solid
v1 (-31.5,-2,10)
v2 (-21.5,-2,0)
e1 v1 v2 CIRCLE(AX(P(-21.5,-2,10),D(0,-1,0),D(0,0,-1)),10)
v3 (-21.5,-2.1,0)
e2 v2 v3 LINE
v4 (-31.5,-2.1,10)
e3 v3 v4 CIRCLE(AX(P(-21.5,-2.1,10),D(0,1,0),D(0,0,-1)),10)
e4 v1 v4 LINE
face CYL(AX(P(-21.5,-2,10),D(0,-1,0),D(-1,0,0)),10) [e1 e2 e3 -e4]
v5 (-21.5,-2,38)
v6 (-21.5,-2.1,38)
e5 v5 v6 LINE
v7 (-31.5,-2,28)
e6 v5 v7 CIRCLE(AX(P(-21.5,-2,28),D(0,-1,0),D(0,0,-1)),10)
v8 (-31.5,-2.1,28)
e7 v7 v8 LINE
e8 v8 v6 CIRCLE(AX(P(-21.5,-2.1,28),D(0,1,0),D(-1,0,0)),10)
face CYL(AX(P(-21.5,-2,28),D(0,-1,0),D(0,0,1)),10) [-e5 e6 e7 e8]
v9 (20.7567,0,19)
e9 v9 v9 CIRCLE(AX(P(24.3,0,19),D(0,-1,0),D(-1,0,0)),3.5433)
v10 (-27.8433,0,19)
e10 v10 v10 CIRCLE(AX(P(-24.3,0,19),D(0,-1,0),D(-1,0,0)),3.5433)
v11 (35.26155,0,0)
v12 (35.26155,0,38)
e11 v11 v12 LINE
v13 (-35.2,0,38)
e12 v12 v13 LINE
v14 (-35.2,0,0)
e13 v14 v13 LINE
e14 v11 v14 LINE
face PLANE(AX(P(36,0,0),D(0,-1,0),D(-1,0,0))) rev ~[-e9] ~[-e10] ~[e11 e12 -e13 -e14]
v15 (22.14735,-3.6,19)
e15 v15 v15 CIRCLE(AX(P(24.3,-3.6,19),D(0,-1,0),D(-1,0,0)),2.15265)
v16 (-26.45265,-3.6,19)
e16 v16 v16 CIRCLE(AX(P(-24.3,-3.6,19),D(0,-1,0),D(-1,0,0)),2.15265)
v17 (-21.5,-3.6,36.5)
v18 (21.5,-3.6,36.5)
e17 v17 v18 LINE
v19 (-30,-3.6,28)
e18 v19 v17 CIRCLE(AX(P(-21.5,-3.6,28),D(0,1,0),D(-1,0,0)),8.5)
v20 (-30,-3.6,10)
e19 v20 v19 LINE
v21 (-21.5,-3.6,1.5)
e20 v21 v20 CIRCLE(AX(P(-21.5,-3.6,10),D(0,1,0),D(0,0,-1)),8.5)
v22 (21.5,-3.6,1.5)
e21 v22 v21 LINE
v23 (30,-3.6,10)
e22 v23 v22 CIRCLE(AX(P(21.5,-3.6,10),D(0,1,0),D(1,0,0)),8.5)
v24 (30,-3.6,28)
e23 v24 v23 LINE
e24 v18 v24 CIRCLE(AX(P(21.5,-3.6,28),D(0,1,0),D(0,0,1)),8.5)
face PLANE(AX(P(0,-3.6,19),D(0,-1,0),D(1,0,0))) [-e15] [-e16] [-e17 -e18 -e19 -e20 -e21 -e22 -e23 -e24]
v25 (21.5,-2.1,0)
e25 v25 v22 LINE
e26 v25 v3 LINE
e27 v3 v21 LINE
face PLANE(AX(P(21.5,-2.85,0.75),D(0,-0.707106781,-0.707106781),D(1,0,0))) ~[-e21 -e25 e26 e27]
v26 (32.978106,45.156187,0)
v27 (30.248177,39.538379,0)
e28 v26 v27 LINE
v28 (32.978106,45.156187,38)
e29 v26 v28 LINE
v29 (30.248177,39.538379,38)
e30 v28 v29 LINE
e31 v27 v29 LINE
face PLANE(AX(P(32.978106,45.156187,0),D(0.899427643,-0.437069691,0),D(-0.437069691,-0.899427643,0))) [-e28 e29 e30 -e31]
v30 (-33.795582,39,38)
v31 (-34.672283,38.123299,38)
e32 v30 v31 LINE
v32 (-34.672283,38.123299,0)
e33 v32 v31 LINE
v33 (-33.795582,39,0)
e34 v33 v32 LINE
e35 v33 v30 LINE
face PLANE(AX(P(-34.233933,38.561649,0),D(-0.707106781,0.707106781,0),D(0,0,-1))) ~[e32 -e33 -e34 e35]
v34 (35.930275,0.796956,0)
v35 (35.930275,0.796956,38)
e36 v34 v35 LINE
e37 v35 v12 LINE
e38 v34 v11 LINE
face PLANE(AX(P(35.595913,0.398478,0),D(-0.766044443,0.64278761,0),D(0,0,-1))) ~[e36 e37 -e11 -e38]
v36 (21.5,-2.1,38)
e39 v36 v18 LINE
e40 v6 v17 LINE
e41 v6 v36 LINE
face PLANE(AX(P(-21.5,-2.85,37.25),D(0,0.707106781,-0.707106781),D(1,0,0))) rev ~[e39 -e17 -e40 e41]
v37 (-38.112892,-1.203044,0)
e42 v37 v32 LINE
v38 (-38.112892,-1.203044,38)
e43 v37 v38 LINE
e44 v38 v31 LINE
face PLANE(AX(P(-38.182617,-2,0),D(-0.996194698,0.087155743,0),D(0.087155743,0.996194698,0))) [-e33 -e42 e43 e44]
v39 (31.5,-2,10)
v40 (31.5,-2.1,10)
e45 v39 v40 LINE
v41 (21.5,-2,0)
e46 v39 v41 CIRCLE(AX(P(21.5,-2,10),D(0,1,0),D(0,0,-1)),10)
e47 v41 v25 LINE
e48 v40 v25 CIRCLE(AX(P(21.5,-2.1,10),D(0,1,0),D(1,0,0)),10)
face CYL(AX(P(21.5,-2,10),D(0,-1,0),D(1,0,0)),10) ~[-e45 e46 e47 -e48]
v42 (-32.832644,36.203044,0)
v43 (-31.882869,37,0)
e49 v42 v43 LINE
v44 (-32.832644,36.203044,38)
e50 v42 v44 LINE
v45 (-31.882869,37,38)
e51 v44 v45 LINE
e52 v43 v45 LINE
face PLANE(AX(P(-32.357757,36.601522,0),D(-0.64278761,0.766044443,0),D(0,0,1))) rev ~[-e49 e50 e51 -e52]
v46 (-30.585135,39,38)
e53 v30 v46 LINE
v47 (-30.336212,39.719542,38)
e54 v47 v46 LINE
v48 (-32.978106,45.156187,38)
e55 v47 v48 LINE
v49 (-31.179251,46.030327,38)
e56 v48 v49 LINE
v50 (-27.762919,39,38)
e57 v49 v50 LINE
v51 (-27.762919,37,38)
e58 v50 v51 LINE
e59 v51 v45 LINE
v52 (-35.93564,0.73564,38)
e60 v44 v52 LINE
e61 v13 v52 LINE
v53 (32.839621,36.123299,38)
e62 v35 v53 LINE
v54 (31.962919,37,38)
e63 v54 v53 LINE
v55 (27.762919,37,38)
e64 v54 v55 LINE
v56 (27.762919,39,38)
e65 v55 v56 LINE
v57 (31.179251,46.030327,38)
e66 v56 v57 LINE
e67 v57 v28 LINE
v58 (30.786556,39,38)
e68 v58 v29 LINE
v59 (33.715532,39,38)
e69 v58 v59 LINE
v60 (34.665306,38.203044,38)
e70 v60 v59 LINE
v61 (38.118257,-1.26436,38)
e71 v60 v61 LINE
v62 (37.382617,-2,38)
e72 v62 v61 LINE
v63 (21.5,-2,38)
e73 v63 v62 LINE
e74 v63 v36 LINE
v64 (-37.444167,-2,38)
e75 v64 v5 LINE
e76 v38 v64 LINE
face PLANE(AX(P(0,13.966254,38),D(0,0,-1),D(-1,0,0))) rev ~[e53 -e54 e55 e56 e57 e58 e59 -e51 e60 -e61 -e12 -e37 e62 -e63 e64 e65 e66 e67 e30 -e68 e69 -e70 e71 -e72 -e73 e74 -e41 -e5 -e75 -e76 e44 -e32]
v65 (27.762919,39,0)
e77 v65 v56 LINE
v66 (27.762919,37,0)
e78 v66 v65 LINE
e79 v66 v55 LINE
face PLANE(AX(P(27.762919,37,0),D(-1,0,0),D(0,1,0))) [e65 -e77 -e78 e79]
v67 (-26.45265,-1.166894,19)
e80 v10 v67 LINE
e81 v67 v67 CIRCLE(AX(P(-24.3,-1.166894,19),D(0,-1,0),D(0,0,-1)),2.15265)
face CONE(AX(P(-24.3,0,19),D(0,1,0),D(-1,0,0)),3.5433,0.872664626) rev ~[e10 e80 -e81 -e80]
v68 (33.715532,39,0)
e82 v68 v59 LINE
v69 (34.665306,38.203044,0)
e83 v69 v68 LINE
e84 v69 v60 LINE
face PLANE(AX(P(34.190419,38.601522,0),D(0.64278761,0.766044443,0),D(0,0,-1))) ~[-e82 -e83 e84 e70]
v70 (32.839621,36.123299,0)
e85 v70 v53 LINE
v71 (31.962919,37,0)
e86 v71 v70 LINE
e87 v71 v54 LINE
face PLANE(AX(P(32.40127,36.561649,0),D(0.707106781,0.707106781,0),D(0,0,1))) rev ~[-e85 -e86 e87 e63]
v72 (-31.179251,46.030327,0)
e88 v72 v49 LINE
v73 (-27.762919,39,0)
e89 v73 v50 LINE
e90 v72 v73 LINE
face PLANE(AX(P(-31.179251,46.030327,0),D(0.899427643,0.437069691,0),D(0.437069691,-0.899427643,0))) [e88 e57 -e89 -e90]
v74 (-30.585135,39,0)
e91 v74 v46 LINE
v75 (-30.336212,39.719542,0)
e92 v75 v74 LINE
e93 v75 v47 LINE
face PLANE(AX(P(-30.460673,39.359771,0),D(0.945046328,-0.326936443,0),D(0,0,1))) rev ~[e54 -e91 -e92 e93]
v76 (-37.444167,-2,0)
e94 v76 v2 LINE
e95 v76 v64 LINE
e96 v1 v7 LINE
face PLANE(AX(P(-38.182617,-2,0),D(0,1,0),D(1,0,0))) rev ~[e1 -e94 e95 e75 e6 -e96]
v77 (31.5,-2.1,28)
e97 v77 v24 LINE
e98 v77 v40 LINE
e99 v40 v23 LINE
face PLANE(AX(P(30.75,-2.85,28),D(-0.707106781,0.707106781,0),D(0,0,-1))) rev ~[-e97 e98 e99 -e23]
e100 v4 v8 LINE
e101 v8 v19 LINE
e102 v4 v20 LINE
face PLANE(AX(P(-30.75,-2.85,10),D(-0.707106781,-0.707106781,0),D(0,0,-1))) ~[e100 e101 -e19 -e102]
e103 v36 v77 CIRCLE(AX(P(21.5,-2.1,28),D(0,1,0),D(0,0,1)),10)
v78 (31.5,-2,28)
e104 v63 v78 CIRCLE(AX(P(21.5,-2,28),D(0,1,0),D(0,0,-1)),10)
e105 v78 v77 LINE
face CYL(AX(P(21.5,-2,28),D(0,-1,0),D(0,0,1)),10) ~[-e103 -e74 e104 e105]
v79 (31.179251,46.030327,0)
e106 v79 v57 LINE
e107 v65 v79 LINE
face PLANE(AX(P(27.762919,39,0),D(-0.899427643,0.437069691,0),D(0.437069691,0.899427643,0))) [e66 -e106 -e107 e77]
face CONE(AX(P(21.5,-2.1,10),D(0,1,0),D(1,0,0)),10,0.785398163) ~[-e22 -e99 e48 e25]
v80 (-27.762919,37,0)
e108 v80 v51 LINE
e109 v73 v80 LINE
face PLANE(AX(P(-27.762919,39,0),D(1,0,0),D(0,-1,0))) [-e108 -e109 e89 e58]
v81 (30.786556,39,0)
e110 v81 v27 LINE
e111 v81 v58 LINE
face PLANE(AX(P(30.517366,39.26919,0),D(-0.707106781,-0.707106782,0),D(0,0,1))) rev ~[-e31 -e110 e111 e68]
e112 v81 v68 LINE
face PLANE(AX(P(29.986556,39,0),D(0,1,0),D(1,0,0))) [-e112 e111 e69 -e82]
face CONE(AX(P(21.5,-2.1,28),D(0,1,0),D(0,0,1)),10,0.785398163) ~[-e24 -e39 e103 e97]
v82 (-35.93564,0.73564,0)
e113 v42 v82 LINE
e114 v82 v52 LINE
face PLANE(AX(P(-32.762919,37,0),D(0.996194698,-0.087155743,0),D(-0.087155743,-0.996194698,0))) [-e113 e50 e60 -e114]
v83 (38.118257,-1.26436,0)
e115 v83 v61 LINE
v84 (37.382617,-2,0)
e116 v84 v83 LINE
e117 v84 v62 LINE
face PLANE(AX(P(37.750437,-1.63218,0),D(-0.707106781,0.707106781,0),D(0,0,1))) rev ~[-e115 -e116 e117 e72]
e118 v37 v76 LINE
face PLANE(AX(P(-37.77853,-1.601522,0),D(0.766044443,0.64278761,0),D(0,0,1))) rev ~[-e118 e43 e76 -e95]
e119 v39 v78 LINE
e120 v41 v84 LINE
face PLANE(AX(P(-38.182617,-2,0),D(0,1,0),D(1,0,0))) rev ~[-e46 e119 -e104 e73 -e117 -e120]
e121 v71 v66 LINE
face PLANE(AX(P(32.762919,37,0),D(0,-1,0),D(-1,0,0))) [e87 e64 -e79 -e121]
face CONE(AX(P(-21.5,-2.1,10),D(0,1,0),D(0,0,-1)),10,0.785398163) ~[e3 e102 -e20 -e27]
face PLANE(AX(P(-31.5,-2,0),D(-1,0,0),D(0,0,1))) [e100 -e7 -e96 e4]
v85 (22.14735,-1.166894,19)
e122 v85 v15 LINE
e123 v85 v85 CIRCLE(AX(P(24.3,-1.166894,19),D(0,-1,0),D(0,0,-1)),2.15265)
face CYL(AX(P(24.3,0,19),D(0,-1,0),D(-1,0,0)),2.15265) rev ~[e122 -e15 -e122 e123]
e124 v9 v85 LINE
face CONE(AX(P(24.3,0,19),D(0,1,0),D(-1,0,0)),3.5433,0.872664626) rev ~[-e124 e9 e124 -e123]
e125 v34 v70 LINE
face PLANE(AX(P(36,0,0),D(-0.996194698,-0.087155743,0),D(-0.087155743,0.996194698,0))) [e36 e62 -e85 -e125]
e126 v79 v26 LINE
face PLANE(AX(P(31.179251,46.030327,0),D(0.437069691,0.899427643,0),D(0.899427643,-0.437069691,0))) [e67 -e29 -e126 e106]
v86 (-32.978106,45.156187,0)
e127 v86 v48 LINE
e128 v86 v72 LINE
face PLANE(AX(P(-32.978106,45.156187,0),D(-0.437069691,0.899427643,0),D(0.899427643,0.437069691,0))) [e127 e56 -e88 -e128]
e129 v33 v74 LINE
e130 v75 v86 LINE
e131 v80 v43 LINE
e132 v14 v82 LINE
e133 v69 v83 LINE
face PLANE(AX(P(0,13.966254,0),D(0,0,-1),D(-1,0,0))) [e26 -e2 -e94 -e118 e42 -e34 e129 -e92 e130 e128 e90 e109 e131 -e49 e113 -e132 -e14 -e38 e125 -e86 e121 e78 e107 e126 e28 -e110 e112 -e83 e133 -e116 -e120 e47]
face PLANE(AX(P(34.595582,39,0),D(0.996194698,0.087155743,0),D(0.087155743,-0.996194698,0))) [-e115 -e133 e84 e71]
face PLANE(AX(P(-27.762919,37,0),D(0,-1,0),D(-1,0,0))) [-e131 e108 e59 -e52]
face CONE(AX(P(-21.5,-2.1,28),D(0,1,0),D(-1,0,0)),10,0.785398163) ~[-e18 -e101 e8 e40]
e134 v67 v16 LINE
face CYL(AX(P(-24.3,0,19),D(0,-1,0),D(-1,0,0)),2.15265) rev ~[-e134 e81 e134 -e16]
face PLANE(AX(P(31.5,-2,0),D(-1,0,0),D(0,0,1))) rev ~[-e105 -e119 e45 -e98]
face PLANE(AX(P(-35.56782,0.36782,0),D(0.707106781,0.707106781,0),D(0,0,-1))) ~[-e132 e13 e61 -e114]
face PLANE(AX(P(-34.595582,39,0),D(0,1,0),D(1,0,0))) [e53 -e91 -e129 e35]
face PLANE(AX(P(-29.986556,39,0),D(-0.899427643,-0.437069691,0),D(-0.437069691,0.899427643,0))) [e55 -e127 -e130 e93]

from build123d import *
from OCP.BRepFilletAPI import BRepFilletAPI_MakeChamfer

# Parameters (mm, degrees)
BOSS_EXTRUDE1_DEPTH                               = 38
SKETCH5_W                                         = 63
SKETCH5_H                                         = 38
BOSS_EXTRUDE2_DEPTH                               = 1.6
CHAMFER6_SIZE                                     = 0.8
CHAMFER6_SIZE2                                    = 0.738449877
CHAMFER7_SIZE                                     = 0.8
CHAMFER7_SIZE2                                    = 0.880050294
CHAMFER7_SIZE2_2                                  = 0.59857957
CSK_FOR_6_FLAT_HEAD_MACHINE_SCREW_100_D           = 4.3053
CSK_FOR_6_FLAT_HEAD_MACHINE_SCREW_100_DEPTH       = 3.6
CSK_FOR_6_FLAT_HEAD_MACHINE_SCREW_100_CSINK_D     = 7.0866
CSK_FOR_6_FLAT_HEAD_MACHINE_SCREW_100_CSINK_ANGLE = 100
FILLET1_R                                         = 10
CHAMFER10_SIZE                                    = 1.5


with BuildPart() as part:
    # Sketch1 → Boss-Extrude1 (new body)
    with BuildSketch(Plane.XY):
        Polygon((-34.595581798, 39), (-29.986555798, 39), (-32.97810591, 45.15618727), (-31.179250624, 46.030326652), (-27.76291945, 39), (-27.76291945, 37), (-32.76291945, 37), (-36, 0), (0, 0), (36, 0), (32.76291945, 37), (27.76291945, 37), (27.76291945, 39), (31.179250624, 46.030326652), (32.97810591, 45.15618727), (29.986555798, 39), (34.595581798, 39), (38.182617002, -2), (0, -2), (-38.182617002, -2), align=None)
    extrude(amount=BOSS_EXTRUDE1_DEPTH)

    # Sketch5 → Boss-Extrude2 (add)
    with BuildSketch(Plane.XZ.offset(2)):
        with Locations((0, 19)):
            Rectangle(SKETCH5_W, SKETCH5_H)
    extrude(amount=BOSS_EXTRUDE2_DEPTH)

    # Chamfer6: one chamfer whose edges measure the first distance from different faces: ONE call of the kernel's chamfer builder (chamfer() names one face for all edges)
    chamfer6_edges_1 = [part.edges().sort_by_distance(p)[0] for p in [
        (-36, 0, 19),
    ]]
    chamfer6_side_1 = [part.faces().sort_by_distance(p)[0] for p in [
        (0, 0, 19),
    ]]
    chamfer6_edges_2 = [part.edges().sort_by_distance(p)[0] for p in [
        (36, 0, 19),
    ]]
    chamfer6_side_2 = [part.faces().sort_by_distance(p)[0] for p in [
        (34.381459725, 18.5, 19),
    ]]
    chamfer6_edges_3 = [part.edges().sort_by_distance(p)[0] for p in [
        (38.182617002, -2, 19),
    ]]
    chamfer6_side_3 = [part.faces().sort_by_distance(p)[0] for p in [
        (34.841308501, -2, 19),
    ]]
    chamfer6_edges_4 = [part.edges().sort_by_distance(p)[0] for p in [
        (-38.182617002, -2, 19),
    ]]
    chamfer6_side_4 = [part.faces().sort_by_distance(p)[0] for p in [
        (-36.3890994, 18.5, 19),
    ]]
    chamfer6 = BRepFilletAPI_MakeChamfer(part.part.solid().wrapped)
    for e in chamfer6_edges_1:
        chamfer6.Add(CHAMFER6_SIZE, CHAMFER6_SIZE2, e.wrapped, chamfer6_side_1[0].wrapped)  # the first distance lies on this face
    for e in chamfer6_edges_2:
        chamfer6.Add(CHAMFER6_SIZE, CHAMFER6_SIZE2, e.wrapped, chamfer6_side_2[0].wrapped)  # the first distance lies on this face
    for e in chamfer6_edges_3:
        chamfer6.Add(CHAMFER6_SIZE, CHAMFER6_SIZE2, e.wrapped, chamfer6_side_3[0].wrapped)  # the first distance lies on this face
    for e in chamfer6_edges_4:
        chamfer6.Add(CHAMFER6_SIZE, CHAMFER6_SIZE2, e.wrapped, chamfer6_side_4[0].wrapped)  # the first distance lies on this face
    add(Compound.cast(chamfer6.Shape()), mode=Mode.REPLACE)

    # Chamfer7: one chamfer whose edges measure the first distance from different faces: ONE call of the kernel's chamfer builder (chamfer() names one face for all edges)
    chamfer7_edges_1 = [part.edges().sort_by_distance(p)[0] for p in [
        (-32.76291945, 37, 19),
    ]]
    chamfer7_side_1 = [part.faces().sort_by_distance(p)[0] for p in [
        (-34.349279651, 18.867819926, 19),
    ]]
    chamfer7_edges_2 = [part.edges().sort_by_distance(p)[0] for p in [
        (32.76291945, 37, 19),
    ]]
    chamfer7_side_2 = [part.faces().sort_by_distance(p)[0] for p in [
        (30.26291945, 37, 19),
    ]]
    chamfer7_edges_3 = [part.edges().sort_by_distance(p)[0] for p in [
        (29.986555798, 39, 19),
    ]]
    chamfer7_side_3 = [part.faces().sort_by_distance(p)[0] for p in [
        (32.291068798, 39, 19),
    ]]
    chamfer7_edges_4 = [part.edges().sort_by_distance(p)[0] for p in [
        (34.595581798, 39, 19),
    ]]
    chamfer7_side_4 = [part.faces().sort_by_distance(p)[0] for p in [
        (36.356919326, 18.867819926, 19),
    ]]
    chamfer7_edges_5 = [part.edges().sort_by_distance(p)[0] for p in [
        (-34.595581798, 39, 19),
    ]]
    chamfer7_side_5 = [part.faces().sort_by_distance(p)[0] for p in [
        (-32.291068798, 39, 19),
    ]]
    chamfer7_edges_6 = [part.edges().sort_by_distance(p)[0] for p in [
        (-29.986555798, 39, 19),
    ]]
    chamfer7_side_6 = [part.faces().sort_by_distance(p)[0] for p in [
        (-31.482330854, 42.078093635, 19),
    ]]
    chamfer7 = BRepFilletAPI_MakeChamfer(part.part.solid().wrapped)
    for e in chamfer7_edges_1:
        chamfer7.Add(CHAMFER7_SIZE, CHAMFER7_SIZE2, e.wrapped, chamfer7_side_1[0].wrapped)  # the first distance lies on this face
    for e in chamfer7_edges_2:
        chamfer7.Add(CHAMFER7_SIZE, CHAMFER7_SIZE2, e.wrapped, chamfer7_side_2[0].wrapped)  # the first distance lies on this face
    for e in chamfer7_edges_3:
        chamfer7.Add(CHAMFER7_SIZE, CHAMFER7_SIZE2_2, e.wrapped, chamfer7_side_3[0].wrapped)  # the first distance lies on this face
    for e in chamfer7_edges_4:
        chamfer7.Add(CHAMFER7_SIZE, CHAMFER7_SIZE2, e.wrapped, chamfer7_side_4[0].wrapped)  # the first distance lies on this face
    for e in chamfer7_edges_5:
        chamfer7.Add(CHAMFER7_SIZE, CHAMFER7_SIZE2, e.wrapped, chamfer7_side_5[0].wrapped)  # the first distance lies on this face
    for e in chamfer7_edges_6:
        chamfer7.Add(CHAMFER7_SIZE, CHAMFER7_SIZE2_2, e.wrapped, chamfer7_side_6[0].wrapped)  # the first distance lies on this face
    add(Compound.cast(chamfer7.Shape()), mode=Mode.REPLACE)

    # CSK for #6 Flat Head Machine Screw (100)1
    with Locations(Plane(origin=(0, 0, 0), x_dir=(1, 0, 0), z_dir=(0, 1, 0))):
        with Locations((24.3, -19), (-24.3, -19)):
            CounterSinkHole(CSK_FOR_6_FLAT_HEAD_MACHINE_SCREW_100_D / 2, CSK_FOR_6_FLAT_HEAD_MACHINE_SCREW_100_CSINK_D / 2, depth=CSK_FOR_6_FLAT_HEAD_MACHINE_SCREW_100_DEPTH, counter_sink_angle=CSK_FOR_6_FLAT_HEAD_MACHINE_SCREW_100_CSINK_ANGLE)

    # Fillet1
    fillet1_edges = [part.edges().sort_by_distance(p)[0] for p in [
        (-31.5, -2.8, 0),
        (31.5, -2.8, 0),
        (31.5, -2.8, 38),
        (-31.5, -2.8, 38),
    ]]
    fillet(fillet1_edges, radius=FILLET1_R)

    # Chamfer10
    chamfer10_edges = [part.edges().sort_by_distance(p)[0] for p in [
        (-31.5, -3.6, 19),
        (0, -3.6, 38),
        (0, -3.6, 0),
        (31.5, -3.6, 19),
        (28.571067812, -3.6, 35.071067812),
        (28.571067812, -3.6, 2.928932188),
        (-28.571067812, -3.6, 2.928932188),
        (-28.571067812, -3.6, 35.071067812),
    ]]
    chamfer(chamfer10_edges, length=CHAMFER10_SIZE)


solid = part.part
